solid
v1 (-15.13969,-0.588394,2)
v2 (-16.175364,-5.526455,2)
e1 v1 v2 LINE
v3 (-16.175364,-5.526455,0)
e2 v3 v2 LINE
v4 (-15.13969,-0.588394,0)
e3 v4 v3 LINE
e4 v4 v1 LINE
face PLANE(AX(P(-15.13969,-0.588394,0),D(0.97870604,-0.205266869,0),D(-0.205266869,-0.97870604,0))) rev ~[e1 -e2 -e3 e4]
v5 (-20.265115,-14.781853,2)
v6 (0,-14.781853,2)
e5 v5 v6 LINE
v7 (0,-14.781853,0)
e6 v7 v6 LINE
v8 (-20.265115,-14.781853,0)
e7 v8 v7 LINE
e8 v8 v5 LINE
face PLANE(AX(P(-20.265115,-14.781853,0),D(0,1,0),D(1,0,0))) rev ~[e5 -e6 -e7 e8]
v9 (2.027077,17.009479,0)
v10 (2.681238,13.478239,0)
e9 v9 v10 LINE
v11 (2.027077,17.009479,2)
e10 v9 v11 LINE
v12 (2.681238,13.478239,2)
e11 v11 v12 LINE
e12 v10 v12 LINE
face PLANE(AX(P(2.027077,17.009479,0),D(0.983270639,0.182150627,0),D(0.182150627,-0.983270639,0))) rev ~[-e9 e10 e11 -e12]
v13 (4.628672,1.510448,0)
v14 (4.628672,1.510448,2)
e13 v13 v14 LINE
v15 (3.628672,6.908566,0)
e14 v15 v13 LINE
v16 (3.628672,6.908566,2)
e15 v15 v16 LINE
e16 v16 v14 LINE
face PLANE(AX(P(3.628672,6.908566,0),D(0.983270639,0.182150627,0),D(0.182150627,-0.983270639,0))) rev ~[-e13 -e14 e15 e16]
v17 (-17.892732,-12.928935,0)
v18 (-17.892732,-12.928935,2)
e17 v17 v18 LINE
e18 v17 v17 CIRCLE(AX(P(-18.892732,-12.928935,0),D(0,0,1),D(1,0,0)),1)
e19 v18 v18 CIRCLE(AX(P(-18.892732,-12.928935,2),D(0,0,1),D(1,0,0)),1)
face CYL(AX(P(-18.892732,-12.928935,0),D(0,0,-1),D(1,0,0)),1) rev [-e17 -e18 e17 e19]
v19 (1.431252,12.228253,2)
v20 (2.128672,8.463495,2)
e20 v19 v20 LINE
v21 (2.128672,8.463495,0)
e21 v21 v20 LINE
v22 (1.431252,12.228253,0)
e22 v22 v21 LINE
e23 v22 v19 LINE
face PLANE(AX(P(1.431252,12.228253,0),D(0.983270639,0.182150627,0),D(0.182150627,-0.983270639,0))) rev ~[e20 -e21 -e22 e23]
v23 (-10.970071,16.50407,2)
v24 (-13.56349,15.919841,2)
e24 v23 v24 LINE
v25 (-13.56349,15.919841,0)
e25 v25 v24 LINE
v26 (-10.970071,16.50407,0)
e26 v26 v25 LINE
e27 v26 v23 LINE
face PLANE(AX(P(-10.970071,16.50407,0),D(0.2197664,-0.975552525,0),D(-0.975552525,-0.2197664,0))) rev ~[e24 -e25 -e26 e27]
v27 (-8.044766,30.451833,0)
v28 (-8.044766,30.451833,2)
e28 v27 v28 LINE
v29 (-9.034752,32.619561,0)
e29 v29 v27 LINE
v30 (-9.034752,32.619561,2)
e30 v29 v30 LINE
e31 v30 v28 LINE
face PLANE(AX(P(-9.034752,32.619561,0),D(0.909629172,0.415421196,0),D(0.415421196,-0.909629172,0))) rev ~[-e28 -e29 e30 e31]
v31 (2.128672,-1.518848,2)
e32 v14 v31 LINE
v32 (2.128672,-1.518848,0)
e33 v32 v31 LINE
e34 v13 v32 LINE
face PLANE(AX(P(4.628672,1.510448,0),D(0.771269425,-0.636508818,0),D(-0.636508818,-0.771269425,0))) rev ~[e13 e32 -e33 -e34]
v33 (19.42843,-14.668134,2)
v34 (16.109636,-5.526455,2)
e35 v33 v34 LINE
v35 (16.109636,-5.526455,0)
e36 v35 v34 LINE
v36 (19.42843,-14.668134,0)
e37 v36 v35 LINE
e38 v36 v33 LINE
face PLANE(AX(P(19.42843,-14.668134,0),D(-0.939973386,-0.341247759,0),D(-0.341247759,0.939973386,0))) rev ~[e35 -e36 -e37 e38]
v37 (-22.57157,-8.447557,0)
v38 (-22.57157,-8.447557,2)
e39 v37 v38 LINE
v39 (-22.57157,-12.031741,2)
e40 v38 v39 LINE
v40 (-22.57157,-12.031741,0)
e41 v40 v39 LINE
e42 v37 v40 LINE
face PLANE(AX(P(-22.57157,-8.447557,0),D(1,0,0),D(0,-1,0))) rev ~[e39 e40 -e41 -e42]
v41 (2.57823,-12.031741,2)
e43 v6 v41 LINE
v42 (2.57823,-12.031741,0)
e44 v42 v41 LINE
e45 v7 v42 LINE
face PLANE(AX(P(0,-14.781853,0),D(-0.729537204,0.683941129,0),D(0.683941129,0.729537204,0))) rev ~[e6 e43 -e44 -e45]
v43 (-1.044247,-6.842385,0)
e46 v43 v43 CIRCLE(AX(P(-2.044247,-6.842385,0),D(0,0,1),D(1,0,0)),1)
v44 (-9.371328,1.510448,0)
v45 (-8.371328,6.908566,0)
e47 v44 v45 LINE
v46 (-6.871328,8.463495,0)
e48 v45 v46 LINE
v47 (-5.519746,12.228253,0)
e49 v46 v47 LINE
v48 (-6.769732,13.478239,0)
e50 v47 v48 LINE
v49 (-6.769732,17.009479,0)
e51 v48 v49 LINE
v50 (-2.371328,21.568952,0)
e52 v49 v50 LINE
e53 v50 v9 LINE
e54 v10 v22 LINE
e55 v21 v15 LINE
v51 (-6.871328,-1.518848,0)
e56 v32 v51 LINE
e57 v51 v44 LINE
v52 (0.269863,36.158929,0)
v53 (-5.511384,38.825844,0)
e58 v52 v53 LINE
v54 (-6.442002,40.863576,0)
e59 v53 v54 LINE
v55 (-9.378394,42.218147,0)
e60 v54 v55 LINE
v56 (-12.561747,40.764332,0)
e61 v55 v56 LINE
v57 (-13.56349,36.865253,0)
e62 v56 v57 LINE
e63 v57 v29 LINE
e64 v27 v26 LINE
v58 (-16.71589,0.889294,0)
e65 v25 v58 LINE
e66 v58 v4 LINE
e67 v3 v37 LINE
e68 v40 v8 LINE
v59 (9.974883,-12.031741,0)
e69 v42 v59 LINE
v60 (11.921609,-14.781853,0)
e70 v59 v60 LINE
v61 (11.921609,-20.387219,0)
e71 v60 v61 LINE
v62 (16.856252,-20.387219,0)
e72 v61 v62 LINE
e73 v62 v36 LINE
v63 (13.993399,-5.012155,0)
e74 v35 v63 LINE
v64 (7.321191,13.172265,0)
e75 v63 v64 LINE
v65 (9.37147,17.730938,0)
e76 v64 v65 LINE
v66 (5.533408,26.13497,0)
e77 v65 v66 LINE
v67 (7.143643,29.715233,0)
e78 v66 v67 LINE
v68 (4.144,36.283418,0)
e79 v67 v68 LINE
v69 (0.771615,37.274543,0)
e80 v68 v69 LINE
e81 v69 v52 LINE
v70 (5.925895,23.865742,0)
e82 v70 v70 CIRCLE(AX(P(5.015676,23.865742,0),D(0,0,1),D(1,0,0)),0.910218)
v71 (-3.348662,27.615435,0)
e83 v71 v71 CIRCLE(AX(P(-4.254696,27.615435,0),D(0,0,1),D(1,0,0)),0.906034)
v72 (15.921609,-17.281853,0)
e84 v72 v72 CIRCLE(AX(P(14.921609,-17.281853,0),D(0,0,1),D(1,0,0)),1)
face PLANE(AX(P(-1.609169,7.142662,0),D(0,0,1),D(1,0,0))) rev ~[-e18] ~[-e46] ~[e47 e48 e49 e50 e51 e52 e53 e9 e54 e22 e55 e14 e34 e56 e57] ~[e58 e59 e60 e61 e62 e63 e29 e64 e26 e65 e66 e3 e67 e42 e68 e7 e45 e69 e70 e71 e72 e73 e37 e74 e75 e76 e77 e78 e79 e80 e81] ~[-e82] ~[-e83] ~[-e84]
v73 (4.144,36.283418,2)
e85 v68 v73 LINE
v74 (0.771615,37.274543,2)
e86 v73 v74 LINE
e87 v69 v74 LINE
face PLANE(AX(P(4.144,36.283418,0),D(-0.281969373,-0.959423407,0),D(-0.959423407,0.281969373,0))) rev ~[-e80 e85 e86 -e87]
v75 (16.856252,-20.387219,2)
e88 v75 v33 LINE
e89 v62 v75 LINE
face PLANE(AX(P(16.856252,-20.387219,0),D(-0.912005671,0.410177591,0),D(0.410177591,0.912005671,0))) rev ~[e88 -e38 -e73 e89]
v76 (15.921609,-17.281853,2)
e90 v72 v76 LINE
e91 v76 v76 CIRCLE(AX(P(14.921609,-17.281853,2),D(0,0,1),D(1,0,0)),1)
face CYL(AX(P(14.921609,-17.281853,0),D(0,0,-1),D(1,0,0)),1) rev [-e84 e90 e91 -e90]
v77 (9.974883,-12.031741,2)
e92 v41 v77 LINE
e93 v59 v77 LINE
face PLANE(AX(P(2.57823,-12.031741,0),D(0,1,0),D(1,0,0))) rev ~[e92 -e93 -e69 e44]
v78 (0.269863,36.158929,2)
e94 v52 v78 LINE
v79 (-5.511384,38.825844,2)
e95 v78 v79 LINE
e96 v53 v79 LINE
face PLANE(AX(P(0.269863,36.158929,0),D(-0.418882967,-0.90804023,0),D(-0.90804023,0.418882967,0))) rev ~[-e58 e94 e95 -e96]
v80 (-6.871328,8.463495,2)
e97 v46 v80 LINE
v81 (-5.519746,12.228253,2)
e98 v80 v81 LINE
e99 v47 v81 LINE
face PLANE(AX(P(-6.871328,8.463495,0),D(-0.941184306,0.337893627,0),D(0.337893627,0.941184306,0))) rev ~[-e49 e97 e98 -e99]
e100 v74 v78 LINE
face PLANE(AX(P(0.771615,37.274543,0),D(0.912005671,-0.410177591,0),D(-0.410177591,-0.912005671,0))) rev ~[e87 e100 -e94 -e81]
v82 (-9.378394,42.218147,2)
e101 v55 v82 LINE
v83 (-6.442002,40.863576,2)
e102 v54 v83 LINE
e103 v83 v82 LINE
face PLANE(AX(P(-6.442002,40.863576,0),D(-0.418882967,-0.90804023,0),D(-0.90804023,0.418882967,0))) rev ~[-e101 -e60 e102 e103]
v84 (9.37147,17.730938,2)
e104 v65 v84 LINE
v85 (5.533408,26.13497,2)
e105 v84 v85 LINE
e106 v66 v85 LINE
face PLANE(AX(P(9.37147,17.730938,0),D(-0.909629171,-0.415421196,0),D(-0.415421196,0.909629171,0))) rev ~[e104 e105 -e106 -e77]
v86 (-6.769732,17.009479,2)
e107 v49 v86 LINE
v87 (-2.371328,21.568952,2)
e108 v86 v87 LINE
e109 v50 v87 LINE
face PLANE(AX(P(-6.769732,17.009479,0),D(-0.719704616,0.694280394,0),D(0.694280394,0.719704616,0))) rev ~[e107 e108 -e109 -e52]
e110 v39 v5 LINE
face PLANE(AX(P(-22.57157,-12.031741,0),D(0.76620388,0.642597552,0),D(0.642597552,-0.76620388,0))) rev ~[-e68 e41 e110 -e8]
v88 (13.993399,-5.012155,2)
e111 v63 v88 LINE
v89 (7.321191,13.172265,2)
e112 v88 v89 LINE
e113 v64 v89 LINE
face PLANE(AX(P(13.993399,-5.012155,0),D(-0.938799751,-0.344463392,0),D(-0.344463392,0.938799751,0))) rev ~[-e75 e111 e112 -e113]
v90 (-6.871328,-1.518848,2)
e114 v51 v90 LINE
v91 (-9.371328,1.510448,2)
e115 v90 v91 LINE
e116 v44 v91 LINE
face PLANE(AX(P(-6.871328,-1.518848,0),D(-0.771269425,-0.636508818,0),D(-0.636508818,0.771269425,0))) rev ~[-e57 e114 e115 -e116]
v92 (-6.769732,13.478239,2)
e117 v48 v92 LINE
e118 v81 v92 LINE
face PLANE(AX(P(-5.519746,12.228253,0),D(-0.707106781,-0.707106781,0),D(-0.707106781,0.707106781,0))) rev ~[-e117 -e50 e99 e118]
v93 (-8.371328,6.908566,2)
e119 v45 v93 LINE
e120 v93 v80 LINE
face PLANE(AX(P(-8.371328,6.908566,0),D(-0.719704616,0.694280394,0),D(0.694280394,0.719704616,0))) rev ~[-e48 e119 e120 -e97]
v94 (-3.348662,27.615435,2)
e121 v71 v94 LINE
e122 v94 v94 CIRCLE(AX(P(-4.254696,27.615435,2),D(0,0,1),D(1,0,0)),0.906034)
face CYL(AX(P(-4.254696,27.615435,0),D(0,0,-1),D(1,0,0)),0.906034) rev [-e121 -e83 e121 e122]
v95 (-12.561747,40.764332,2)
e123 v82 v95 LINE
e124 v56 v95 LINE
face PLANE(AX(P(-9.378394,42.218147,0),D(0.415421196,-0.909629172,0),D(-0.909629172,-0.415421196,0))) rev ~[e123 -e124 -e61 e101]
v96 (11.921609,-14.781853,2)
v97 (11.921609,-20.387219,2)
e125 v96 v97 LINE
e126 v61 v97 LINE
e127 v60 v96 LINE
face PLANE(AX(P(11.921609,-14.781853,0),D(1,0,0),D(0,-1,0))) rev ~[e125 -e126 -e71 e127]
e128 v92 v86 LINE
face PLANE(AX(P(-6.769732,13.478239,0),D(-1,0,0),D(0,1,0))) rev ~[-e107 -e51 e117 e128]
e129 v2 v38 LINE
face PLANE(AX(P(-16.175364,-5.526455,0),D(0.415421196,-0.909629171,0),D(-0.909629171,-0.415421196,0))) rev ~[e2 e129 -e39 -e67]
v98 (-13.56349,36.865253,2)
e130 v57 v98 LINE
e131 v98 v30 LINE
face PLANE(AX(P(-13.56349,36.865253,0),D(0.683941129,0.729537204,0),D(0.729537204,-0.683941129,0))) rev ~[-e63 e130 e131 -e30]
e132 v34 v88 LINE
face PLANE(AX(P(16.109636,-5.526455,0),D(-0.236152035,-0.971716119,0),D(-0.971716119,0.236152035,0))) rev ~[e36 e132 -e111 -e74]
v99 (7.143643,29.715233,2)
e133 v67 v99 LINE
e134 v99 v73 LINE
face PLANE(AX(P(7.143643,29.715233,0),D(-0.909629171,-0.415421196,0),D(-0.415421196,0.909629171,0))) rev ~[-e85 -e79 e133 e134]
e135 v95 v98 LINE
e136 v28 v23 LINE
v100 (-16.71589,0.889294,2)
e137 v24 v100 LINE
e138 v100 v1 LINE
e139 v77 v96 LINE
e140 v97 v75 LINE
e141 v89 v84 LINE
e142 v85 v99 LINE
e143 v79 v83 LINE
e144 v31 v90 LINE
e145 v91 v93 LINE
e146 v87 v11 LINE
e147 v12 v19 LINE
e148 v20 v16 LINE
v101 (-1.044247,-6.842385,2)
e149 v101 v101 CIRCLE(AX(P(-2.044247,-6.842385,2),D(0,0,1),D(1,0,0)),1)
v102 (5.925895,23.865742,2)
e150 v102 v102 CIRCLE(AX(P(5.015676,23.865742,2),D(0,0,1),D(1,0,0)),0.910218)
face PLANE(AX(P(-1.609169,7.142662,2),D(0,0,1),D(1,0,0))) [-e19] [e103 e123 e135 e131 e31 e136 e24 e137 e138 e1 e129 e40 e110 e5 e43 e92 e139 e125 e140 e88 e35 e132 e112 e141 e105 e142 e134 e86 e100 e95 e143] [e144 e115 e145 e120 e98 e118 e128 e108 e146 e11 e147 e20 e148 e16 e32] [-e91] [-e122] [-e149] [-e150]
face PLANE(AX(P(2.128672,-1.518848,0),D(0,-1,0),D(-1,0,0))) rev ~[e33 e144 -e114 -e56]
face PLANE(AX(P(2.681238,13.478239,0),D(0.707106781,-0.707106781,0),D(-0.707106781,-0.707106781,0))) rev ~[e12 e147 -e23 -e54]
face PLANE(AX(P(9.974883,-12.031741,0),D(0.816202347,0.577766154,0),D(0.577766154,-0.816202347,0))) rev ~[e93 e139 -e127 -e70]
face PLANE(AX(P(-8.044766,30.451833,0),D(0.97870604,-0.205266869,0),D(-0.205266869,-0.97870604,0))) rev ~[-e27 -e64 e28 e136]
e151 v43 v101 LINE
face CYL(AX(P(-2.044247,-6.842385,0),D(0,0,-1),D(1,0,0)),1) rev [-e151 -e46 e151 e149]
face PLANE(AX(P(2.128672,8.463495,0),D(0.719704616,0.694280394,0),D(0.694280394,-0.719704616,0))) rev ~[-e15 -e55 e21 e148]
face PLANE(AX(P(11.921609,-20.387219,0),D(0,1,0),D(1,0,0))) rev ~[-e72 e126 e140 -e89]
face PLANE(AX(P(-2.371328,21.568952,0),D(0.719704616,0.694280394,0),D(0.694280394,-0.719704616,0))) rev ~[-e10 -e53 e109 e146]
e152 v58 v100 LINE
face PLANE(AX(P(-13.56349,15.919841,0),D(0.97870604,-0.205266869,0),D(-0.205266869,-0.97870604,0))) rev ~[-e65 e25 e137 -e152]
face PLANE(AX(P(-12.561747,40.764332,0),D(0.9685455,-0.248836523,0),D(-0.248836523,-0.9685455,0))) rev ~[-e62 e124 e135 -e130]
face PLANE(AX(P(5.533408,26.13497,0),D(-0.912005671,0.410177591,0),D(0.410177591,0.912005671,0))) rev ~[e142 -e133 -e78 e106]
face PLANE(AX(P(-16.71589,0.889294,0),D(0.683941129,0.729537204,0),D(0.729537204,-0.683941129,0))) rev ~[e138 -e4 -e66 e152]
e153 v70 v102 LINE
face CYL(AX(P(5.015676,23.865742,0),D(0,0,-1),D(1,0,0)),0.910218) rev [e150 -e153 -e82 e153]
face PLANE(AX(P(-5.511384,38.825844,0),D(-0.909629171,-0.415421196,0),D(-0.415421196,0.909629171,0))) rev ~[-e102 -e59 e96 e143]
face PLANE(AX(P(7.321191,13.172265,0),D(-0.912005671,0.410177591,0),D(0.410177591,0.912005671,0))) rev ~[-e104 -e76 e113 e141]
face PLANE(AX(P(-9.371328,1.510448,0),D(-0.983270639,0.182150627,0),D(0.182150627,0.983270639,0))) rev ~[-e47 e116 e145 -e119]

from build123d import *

# Parameters (mm, degrees)
SKETCH1_R           = 1
SKETCH1_R_2         = 0.910218414
SKETCH1_R_3         = 0.906034418
BOSS_EXTRUDE1_DEPTH = 2


with BuildPart() as part:
    # Sketch1 → Boss-Extrude1 (new body)
    with BuildSketch(Plane.XY):
        Polygon((-20.265114669, -14.781853255), (0, -14.781853255), (2.578230219, -12.031741021), (9.974883423, -12.031741021), (11.921608737, -14.781853255), (11.921608737, -20.387219314), (16.856252033, -20.387219314), (19.428429521, -14.668134436), (16.109635951, -5.526454973), (13.99339942, -5.01215501), (7.32119149, 13.172265413), (9.371469902, 17.730938487), (5.533408169, 26.134970212), (7.143643167, 29.715232721), (4.143999648, 36.283417669), (0.771614698, 37.274543445), (0.269863196, 36.158928585), (-5.511384257, 38.825843561), (-6.442002374, 40.863576334), (-9.378393977, 42.218146745), (-12.56174706, 40.764331952), (-13.563489591, 36.865253111), (-9.034751731, 32.619561367), (-8.044765523, 30.451832945), (-10.970070519, 16.504069812), (-13.563489591, 15.919840508), (-16.715889982, 0.889293603), (-15.139689787, -0.58839408), (-16.175363684, -5.526454973), (-22.571570479, -8.447557289), (-22.571570479, -12.031741021), align=None)
        with Locations((-18.892731675, -12.928934576)):
            Circle(SKETCH1_R, mode=Mode.SUBTRACT)
        with Locations((14.921608737, -17.281853255)):
            Circle(SKETCH1_R, mode=Mode.SUBTRACT)
        with Locations((-2.044247077, -6.842384565)):
            Circle(SKETCH1_R, mode=Mode.SUBTRACT)
        with Locations((5.01567612, 23.865741995)):
            Circle(SKETCH1_R_2, mode=Mode.SUBTRACT)
        with Locations((-4.254696048, 27.615435298)):
            Circle(SKETCH1_R_3, mode=Mode.SUBTRACT)
        Polygon((2.128672216, -1.518848285), (-6.871327784, -1.518848285), (-9.371327784, 1.510447631), (-8.371327784, 6.908565954), (-6.871327784, 8.46349525), (-5.519746073, 12.22825254), (-6.7697323, 13.478238768), (-6.7697323, 17.009479478), (-2.371327784, 21.568951505), (2.027076733, 17.009479478), (2.681238146, 13.478238768), (1.431251918, 12.22825254), (2.128672216, 8.46349525), (3.628672216, 6.908565954), (4.628672216, 1.510447631), align=None, mode=Mode.SUBTRACT)
    extrude(amount=BOSS_EXTRUDE1_DEPTH)


solid = part.part
